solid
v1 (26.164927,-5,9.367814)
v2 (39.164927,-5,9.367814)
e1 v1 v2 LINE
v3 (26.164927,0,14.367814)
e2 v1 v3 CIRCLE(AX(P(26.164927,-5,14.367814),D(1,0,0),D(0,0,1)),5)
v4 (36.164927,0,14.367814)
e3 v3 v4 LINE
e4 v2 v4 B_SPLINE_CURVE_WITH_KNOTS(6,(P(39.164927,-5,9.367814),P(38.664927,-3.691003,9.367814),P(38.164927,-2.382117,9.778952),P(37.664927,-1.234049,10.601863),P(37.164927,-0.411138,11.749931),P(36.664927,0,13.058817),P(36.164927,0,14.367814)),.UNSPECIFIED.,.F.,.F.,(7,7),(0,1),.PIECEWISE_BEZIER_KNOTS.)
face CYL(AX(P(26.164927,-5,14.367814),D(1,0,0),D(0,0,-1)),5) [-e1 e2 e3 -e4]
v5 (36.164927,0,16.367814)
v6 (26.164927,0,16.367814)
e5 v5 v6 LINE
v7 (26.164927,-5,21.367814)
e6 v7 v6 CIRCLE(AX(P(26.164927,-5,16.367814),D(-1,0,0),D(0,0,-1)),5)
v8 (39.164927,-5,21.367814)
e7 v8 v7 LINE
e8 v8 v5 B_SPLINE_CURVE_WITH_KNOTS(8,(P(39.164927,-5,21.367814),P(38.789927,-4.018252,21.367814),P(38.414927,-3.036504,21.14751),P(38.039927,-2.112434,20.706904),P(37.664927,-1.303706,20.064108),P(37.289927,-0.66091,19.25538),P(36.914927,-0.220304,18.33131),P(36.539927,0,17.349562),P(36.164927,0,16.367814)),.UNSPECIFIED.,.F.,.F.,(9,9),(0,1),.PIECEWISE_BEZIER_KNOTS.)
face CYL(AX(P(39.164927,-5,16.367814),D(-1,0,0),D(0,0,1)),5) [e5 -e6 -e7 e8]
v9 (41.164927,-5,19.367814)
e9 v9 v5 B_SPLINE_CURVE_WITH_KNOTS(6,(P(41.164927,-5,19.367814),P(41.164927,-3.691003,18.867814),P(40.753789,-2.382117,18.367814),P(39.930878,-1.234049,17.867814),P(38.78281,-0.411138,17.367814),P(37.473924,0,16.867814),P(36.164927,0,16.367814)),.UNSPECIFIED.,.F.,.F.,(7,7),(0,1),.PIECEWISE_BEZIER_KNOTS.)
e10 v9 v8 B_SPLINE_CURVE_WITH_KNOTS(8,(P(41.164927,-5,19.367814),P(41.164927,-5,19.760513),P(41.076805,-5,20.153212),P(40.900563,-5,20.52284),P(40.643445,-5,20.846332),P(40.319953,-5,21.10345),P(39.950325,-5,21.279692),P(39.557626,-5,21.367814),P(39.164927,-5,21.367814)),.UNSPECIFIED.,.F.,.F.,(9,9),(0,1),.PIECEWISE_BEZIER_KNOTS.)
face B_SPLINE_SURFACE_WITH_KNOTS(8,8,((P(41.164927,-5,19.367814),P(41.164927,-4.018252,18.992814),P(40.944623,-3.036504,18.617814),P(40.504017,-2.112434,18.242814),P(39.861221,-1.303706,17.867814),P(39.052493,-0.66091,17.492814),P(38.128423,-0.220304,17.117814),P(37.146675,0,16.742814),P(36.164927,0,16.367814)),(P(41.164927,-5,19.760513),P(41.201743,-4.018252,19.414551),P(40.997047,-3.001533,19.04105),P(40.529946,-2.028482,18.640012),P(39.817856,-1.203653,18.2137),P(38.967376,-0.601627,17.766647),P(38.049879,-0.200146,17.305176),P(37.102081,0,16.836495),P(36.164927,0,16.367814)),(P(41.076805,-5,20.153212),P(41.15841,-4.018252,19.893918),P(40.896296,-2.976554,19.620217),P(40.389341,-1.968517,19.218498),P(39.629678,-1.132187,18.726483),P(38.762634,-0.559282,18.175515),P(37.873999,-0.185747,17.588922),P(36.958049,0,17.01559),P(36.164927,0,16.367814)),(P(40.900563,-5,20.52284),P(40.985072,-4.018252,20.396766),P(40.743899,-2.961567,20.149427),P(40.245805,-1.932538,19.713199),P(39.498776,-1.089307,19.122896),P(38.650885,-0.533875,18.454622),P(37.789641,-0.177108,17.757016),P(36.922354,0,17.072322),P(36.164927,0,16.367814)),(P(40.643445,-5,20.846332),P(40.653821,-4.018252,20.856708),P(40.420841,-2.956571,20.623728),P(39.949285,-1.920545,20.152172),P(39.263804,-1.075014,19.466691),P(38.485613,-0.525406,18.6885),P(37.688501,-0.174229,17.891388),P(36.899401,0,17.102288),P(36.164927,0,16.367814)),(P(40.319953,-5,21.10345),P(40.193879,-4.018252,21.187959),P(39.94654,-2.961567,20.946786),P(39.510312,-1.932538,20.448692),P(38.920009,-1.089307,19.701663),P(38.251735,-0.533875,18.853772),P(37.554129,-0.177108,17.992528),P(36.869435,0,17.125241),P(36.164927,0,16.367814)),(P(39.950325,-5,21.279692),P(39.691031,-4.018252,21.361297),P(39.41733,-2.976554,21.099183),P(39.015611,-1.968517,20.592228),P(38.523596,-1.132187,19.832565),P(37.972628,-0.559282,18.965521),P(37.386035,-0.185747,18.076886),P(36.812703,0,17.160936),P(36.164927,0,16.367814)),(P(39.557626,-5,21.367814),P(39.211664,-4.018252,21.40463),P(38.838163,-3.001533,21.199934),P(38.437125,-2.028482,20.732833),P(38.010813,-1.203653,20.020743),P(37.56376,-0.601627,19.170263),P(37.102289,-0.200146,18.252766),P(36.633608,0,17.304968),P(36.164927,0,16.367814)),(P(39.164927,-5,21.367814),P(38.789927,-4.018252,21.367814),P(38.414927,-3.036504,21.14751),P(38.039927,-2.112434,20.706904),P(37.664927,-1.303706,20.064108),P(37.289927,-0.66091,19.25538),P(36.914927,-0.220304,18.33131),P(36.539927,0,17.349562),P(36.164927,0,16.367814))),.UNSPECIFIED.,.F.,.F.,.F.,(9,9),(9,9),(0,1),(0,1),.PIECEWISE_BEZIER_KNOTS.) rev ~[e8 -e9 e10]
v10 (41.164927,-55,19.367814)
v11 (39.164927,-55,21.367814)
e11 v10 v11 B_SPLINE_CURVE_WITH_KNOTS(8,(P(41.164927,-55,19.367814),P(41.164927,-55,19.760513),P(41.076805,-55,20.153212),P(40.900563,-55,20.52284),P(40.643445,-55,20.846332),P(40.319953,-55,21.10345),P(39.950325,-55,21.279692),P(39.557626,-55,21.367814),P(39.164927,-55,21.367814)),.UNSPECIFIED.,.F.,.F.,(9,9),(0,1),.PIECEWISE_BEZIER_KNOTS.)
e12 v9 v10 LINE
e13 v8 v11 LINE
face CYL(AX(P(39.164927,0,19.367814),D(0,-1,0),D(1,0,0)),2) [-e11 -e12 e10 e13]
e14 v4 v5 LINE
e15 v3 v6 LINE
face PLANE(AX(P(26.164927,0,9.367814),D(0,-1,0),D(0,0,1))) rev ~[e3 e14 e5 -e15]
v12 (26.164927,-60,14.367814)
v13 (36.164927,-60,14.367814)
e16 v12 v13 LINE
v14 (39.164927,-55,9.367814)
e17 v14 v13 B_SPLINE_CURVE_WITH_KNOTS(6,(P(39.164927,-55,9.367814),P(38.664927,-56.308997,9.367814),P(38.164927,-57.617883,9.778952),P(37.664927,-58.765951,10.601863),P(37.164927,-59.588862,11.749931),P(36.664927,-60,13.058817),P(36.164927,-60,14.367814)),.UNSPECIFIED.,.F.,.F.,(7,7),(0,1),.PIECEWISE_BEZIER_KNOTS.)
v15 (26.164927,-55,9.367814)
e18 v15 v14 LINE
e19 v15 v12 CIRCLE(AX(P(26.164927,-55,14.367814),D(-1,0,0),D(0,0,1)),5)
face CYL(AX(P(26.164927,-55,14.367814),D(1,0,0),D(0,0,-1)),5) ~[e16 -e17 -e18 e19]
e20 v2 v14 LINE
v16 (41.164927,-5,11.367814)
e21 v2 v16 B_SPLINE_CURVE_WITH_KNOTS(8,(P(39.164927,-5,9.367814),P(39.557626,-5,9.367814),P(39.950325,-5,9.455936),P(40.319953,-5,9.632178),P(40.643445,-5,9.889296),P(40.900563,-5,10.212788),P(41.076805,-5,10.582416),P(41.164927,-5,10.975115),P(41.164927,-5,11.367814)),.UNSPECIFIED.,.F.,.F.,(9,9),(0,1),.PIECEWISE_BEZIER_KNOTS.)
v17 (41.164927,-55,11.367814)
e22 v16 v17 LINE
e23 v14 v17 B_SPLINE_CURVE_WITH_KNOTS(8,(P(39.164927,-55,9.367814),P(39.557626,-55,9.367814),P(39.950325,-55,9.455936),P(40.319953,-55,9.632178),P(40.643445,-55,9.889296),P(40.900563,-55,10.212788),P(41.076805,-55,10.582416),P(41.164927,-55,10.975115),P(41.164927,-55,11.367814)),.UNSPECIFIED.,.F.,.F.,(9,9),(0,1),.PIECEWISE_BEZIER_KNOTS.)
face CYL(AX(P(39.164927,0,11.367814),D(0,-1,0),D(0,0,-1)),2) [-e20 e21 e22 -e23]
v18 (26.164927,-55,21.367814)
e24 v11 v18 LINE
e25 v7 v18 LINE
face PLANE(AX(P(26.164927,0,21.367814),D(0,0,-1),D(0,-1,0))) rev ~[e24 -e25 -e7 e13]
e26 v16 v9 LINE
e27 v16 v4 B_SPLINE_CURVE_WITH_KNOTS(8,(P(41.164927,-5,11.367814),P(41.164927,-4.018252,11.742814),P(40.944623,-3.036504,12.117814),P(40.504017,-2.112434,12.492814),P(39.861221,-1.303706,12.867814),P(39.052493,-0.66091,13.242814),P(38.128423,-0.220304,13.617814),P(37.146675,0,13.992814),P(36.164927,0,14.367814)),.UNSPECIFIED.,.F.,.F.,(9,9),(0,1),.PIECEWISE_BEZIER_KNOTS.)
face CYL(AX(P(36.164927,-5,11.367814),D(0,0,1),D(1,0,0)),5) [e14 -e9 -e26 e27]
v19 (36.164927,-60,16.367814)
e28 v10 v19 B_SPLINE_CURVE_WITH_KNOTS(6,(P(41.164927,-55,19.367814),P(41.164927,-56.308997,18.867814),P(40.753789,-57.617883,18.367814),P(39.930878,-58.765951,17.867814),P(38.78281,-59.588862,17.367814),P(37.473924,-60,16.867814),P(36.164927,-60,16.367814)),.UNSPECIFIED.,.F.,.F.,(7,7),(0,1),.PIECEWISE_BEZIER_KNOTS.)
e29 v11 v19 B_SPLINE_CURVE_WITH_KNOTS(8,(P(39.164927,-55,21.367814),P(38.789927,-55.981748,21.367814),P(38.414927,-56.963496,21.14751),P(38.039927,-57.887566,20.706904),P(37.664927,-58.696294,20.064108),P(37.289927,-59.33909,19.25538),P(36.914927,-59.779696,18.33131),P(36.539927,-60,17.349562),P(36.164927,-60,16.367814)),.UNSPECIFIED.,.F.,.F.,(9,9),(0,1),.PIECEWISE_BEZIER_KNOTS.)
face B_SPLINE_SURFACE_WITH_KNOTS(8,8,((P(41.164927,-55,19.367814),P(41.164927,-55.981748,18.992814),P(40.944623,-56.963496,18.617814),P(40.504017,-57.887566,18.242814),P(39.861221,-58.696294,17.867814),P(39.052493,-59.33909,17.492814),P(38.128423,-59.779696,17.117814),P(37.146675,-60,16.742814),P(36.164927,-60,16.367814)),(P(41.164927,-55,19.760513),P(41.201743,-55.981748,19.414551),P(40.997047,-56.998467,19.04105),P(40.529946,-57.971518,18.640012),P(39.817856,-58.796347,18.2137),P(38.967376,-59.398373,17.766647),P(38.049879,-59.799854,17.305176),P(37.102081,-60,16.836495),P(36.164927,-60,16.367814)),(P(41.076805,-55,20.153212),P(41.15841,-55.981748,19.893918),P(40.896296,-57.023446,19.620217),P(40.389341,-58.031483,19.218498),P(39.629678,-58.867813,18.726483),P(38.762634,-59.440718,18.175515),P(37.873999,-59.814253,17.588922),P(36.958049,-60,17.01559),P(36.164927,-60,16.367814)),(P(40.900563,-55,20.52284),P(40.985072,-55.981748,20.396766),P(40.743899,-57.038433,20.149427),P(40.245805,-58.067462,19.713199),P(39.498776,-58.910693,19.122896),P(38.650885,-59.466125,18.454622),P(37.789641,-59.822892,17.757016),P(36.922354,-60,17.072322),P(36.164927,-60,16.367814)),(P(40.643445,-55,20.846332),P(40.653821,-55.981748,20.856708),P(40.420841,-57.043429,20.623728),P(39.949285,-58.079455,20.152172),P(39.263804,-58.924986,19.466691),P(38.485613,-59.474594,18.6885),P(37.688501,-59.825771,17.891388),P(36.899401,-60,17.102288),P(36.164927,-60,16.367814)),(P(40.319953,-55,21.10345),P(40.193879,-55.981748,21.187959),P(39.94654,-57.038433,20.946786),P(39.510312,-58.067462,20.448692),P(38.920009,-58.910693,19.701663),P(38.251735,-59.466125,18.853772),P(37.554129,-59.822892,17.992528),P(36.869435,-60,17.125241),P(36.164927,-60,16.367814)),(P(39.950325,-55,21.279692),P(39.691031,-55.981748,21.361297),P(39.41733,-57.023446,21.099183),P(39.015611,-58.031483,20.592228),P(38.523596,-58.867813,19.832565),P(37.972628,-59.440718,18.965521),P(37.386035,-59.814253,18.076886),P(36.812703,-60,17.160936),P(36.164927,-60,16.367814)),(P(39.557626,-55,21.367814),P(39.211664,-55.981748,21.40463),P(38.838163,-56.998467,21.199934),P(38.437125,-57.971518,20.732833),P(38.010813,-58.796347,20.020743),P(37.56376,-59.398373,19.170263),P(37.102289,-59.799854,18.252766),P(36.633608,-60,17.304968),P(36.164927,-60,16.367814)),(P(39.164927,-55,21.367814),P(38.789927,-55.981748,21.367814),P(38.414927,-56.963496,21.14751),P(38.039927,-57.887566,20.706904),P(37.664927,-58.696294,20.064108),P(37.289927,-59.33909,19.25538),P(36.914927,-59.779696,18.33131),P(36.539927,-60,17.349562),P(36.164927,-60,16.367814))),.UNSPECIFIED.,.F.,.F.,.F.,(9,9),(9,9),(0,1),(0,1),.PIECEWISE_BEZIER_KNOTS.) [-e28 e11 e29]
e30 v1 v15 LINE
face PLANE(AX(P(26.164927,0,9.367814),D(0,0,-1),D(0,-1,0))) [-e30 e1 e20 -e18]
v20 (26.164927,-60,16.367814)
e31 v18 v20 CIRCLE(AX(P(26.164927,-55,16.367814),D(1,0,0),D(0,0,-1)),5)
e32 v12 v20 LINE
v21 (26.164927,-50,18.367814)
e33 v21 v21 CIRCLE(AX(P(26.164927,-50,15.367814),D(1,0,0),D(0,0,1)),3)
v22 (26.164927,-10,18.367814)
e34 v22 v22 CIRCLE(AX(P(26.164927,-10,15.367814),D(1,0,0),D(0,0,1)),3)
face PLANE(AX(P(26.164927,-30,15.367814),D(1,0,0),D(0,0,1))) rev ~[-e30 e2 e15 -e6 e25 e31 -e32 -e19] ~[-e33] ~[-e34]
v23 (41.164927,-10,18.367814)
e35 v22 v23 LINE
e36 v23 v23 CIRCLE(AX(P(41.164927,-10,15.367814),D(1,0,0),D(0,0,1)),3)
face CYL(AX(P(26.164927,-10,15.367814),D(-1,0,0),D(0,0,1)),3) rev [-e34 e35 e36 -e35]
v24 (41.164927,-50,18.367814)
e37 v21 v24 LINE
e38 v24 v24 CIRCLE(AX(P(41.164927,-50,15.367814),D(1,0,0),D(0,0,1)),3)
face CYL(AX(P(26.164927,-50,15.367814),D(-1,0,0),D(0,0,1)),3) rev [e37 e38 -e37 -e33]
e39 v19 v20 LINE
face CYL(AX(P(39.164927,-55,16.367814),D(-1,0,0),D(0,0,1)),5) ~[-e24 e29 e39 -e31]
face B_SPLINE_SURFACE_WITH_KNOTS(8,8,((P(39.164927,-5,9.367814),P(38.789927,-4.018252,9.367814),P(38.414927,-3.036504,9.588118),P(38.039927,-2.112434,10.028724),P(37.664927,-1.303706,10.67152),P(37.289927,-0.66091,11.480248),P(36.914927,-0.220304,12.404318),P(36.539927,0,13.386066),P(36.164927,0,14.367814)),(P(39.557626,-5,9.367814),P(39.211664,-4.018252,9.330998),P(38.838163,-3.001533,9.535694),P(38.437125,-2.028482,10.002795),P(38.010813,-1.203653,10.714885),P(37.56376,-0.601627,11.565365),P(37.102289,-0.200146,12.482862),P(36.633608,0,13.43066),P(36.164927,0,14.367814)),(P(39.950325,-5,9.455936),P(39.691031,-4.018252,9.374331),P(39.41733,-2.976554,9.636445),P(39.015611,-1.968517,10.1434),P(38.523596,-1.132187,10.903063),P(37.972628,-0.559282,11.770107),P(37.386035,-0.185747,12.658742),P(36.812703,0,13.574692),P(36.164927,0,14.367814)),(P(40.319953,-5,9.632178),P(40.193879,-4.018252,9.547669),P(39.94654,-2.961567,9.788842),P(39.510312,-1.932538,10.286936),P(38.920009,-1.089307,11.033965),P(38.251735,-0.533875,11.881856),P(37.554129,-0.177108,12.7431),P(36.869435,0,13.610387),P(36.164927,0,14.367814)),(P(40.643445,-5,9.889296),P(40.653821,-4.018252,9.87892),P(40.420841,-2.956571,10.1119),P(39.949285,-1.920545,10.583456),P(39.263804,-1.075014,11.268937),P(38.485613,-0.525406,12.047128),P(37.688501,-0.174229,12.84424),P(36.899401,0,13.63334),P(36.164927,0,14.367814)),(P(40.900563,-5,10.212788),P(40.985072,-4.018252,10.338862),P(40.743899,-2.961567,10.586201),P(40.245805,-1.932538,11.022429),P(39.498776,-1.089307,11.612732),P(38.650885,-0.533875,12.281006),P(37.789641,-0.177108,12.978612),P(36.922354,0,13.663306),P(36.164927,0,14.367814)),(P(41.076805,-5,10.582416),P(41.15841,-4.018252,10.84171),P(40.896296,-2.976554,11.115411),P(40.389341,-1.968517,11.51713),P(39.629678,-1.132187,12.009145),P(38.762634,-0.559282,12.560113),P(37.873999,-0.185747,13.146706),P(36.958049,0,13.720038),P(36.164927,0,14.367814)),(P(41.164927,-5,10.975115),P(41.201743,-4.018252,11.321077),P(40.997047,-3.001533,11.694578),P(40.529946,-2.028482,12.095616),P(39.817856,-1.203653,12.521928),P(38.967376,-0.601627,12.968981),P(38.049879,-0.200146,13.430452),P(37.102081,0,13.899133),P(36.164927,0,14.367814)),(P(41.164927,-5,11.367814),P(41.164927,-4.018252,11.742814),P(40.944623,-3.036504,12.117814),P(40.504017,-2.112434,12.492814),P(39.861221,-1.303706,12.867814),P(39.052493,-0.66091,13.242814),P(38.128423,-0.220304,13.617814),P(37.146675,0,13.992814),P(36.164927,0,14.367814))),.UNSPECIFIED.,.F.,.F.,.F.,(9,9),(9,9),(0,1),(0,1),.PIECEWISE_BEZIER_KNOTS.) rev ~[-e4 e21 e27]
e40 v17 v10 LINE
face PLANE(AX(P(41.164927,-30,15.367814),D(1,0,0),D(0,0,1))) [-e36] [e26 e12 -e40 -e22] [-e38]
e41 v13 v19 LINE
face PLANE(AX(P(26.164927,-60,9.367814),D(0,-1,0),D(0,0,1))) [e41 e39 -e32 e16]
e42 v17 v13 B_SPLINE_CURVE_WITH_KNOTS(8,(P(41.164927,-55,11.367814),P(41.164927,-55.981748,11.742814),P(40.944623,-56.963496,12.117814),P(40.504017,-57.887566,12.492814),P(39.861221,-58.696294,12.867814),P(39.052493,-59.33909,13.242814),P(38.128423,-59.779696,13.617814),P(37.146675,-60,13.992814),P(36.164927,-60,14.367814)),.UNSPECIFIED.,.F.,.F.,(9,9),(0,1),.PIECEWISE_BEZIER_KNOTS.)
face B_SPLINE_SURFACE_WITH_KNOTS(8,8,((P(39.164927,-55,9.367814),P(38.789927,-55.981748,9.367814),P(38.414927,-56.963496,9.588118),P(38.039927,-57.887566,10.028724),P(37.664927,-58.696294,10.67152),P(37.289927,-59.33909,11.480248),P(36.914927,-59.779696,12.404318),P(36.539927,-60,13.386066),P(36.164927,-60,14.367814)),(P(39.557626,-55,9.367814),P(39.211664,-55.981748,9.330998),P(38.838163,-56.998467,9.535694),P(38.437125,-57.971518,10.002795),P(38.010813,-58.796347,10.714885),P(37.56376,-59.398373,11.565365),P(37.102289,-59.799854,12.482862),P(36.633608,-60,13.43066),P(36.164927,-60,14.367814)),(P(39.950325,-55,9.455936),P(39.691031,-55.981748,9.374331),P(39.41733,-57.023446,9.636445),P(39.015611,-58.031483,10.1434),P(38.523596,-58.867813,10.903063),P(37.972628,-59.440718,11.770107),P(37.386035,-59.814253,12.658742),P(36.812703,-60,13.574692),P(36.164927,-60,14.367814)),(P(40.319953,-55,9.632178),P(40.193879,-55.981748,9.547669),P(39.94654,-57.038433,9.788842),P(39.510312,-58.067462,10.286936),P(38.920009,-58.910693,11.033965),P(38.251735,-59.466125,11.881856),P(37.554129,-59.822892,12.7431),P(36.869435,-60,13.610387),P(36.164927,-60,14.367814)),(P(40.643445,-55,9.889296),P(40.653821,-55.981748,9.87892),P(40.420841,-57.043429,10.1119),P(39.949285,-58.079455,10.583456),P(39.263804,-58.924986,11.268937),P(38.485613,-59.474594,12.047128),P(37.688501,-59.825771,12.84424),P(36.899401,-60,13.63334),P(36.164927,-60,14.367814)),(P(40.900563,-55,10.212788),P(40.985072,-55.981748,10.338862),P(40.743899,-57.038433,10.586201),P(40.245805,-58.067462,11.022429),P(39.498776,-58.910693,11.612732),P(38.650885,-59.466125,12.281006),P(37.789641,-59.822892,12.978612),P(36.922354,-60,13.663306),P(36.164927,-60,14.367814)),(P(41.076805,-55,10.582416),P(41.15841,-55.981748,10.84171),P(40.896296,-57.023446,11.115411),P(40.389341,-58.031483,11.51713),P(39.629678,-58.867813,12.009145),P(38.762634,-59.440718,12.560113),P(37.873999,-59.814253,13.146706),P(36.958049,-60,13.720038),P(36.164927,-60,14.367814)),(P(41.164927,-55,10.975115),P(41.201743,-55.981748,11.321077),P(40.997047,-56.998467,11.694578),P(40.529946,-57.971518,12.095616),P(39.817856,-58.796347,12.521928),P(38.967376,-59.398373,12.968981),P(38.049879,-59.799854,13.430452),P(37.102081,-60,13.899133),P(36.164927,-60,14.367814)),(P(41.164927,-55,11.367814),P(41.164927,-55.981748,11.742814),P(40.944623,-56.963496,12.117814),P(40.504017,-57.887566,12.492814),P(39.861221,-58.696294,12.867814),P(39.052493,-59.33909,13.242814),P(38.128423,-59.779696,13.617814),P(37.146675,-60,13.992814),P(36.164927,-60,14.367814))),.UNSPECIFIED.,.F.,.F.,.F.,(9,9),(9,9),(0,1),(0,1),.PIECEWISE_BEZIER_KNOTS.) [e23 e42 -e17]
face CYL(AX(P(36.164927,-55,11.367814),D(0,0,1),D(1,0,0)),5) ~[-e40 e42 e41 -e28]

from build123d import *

# Parameters (mm, degrees)
SKETCH001_W = 12
SKETCH001_H = 60
SKETCH001_R = 3
PAD_DEPTH   = 15
FILLET_R    = 2
FILLET001_R = 2
FILLET002_R = 5
FILLET003_R = 5


with BuildPart() as part:
    # Sketch001 → Pad (new body)
    with BuildSketch(Plane(origin=(26.164927, 0, 0), x_dir=(0, 0, 1), z_dir=(1, 0, 0))):
        with Locations((15.367814, 30)):
            Rectangle(SKETCH001_W, SKETCH001_H)
        with Locations((15.367814, 10)):
            Circle(SKETCH001_R, mode=Mode.SUBTRACT)
        with Locations((15.367814, 50)):
            Circle(SKETCH001_R, mode=Mode.SUBTRACT)
    extrude(amount=PAD_DEPTH)

    # Fillet
    fillet_edges = [part.edges().sort_by_distance(p)[0] for p in [
        (41.164927, -30, 9.367814),
    ]]
    fillet(fillet_edges, radius=FILLET_R)

    # Fillet001
    fillet001_edges = [part.edges().sort_by_distance(p)[0] for p in [
        (41.164927, -30, 21.367814),
    ]]
    fillet(fillet001_edges, radius=FILLET001_R)

    # Fillet002
    fillet002_edges = [part.edges().sort_by_distance(p)[0] for p in [
        (41.164927, -60, 15.367814),
    ]]
    fillet(fillet002_edges, radius=FILLET002_R)

    # Fillet003
    fillet003_edges = [part.edges().sort_by_distance(p)[0] for p in [
        (41.164927, 0, 15.367814),
    ]]
    fillet(fillet003_edges, radius=FILLET003_R)


solid = part.part
